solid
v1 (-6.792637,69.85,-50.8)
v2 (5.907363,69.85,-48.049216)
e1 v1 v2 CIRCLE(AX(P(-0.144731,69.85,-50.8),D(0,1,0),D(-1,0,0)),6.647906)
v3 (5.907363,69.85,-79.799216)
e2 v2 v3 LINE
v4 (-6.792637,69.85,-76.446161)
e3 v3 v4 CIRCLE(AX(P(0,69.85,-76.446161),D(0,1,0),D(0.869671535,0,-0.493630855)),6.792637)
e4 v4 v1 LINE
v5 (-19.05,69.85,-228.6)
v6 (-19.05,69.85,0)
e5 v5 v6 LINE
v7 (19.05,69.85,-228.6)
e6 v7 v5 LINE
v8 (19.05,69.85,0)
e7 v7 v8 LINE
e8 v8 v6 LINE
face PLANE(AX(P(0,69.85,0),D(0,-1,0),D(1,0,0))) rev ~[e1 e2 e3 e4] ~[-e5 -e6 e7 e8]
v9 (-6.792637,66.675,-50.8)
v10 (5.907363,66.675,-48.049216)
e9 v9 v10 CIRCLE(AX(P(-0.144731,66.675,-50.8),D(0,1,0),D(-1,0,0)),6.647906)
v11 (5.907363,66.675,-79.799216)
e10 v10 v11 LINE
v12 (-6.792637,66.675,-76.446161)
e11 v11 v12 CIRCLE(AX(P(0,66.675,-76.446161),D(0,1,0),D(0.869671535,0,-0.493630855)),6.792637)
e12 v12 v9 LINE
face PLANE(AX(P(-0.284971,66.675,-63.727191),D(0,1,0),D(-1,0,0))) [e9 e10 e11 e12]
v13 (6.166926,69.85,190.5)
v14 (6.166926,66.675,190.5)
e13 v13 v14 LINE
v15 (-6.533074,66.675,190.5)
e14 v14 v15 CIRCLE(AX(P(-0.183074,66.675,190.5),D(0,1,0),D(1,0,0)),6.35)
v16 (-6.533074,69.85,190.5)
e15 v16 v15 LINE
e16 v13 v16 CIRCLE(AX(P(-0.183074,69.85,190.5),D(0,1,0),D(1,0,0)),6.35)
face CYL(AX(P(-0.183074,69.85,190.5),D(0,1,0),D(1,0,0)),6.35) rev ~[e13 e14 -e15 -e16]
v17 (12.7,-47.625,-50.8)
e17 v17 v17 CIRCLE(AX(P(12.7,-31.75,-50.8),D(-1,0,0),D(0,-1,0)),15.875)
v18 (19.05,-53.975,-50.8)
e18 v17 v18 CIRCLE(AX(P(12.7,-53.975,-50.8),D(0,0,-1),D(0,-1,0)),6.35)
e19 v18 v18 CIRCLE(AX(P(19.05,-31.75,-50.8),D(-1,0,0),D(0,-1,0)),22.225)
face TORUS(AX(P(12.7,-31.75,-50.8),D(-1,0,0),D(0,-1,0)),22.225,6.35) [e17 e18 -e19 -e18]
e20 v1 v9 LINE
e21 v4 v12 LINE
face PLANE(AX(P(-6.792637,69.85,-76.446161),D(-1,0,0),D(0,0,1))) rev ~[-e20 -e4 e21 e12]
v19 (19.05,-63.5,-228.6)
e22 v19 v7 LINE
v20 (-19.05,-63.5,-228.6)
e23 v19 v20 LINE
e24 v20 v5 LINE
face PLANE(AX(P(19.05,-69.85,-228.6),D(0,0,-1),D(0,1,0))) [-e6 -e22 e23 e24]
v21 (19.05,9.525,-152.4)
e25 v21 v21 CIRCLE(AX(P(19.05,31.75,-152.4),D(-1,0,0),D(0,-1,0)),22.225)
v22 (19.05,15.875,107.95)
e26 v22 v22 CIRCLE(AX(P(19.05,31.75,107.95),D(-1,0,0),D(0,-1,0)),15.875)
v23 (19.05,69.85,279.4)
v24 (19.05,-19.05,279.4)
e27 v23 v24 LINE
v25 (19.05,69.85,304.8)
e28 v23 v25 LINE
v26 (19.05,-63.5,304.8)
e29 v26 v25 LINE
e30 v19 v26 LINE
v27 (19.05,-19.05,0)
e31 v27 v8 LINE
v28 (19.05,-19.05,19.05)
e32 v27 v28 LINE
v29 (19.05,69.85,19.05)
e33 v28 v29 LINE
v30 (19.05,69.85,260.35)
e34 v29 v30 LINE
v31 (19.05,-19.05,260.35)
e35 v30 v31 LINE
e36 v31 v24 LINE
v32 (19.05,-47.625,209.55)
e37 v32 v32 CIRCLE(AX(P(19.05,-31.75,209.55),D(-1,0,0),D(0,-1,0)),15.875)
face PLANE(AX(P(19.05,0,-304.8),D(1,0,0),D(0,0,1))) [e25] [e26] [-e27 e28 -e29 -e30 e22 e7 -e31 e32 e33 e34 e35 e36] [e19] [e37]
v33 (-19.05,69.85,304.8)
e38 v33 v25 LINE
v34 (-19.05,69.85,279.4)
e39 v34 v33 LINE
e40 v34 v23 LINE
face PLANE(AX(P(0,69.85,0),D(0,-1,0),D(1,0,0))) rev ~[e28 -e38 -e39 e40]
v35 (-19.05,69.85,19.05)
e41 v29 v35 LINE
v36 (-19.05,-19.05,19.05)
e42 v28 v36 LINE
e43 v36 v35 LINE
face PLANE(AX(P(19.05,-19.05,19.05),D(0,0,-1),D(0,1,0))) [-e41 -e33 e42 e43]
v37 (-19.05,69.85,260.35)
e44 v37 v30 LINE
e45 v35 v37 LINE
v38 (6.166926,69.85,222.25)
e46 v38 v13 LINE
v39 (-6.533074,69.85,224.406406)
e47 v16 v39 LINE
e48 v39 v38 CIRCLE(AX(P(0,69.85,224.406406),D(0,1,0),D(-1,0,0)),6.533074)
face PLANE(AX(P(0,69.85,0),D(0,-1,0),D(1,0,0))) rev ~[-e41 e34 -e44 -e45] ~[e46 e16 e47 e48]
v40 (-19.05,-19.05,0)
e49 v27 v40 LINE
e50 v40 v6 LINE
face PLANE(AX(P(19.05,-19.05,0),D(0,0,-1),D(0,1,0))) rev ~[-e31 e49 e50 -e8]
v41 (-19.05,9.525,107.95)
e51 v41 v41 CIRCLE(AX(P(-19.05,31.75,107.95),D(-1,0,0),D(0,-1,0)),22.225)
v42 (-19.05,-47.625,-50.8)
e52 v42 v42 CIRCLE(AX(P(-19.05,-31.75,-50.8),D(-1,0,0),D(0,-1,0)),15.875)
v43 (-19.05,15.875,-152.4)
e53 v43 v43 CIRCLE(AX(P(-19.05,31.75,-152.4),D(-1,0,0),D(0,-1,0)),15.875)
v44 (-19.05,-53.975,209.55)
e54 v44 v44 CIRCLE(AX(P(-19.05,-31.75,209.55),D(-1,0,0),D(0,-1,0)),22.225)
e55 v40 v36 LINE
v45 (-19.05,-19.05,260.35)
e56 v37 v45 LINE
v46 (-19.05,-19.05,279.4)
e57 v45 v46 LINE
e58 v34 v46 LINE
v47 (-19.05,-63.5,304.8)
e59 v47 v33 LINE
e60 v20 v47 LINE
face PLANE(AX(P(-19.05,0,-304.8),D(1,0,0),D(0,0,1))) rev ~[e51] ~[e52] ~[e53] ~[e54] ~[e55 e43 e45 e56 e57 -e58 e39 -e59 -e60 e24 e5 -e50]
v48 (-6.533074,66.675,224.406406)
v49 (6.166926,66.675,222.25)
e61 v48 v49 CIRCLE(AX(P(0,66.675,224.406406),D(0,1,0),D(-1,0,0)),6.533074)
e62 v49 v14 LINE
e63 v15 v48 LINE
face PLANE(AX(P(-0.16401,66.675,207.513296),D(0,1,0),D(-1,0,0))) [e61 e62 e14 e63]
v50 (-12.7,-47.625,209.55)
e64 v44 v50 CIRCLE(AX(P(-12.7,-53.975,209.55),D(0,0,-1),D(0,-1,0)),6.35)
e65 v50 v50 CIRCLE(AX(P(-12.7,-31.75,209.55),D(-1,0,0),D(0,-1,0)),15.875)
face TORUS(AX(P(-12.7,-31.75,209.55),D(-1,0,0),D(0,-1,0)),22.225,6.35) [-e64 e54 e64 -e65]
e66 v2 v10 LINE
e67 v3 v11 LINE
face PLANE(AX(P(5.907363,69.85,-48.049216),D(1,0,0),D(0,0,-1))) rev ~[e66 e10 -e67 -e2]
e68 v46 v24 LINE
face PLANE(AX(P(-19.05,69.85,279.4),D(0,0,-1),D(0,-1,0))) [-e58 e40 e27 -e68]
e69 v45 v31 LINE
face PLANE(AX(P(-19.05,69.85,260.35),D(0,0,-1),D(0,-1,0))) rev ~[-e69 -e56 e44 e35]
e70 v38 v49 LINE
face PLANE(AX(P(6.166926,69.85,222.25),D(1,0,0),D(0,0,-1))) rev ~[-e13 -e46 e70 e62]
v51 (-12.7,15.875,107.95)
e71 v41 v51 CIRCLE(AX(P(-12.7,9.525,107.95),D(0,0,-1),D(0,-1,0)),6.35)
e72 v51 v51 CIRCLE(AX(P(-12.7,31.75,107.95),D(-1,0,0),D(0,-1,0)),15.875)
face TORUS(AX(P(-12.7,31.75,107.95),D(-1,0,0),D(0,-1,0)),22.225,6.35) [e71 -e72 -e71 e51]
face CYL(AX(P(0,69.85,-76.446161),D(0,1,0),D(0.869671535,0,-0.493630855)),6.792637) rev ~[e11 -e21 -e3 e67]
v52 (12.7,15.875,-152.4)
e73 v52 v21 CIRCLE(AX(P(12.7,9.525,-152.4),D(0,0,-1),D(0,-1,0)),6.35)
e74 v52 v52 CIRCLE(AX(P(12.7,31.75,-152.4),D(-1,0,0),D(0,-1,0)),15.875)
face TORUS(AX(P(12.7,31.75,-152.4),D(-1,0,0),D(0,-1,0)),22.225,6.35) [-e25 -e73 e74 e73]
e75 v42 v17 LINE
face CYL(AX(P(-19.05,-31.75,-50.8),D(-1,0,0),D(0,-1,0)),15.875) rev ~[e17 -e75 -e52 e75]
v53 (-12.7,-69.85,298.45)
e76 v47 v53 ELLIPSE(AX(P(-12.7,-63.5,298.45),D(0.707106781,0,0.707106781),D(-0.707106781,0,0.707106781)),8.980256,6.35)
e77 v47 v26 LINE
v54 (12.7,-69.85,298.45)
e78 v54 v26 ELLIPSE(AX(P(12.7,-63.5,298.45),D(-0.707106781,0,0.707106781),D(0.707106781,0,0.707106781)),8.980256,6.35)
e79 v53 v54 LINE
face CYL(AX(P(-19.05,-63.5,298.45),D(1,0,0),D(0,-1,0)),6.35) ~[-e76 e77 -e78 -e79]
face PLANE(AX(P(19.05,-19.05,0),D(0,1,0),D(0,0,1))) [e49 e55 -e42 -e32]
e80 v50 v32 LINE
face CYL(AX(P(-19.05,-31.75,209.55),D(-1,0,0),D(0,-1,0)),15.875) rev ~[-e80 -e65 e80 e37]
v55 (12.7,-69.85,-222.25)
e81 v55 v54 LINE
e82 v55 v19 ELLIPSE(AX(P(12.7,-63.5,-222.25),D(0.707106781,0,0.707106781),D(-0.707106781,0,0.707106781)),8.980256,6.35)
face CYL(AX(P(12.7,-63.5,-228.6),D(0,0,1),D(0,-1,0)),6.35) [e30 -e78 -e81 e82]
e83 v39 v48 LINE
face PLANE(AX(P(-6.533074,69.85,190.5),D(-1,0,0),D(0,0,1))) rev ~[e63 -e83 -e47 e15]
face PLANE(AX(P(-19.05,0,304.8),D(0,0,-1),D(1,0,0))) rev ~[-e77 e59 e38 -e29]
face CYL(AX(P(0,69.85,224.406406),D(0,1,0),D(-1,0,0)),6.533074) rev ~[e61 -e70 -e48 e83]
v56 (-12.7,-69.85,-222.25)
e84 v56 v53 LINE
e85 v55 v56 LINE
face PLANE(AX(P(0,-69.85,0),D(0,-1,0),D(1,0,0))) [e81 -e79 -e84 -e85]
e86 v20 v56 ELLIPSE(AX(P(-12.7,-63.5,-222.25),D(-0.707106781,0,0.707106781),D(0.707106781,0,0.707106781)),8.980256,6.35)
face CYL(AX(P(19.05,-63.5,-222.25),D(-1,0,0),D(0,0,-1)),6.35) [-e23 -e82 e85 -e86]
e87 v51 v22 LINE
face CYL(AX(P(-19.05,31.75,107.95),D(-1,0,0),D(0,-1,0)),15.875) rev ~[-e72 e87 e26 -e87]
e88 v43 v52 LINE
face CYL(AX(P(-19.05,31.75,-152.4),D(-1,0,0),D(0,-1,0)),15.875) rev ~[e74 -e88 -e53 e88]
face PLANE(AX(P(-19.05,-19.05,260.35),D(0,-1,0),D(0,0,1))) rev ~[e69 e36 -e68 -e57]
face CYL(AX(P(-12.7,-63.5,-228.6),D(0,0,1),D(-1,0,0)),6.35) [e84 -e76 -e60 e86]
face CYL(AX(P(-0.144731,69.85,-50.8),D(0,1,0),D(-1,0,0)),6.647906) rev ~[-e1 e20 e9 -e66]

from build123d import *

# Parameters (mm, degrees)
F0_W          = 38.1
F0_H          = 609.6
F1_DEPTH      = 69.85
F1_DEPTH_BACK = 69.85
F2_W          = 88.9
F2_H          = 19.05
F3_DEPTH      = 38.1
F5_R          = 15.875
F6_DEPTH      = 50.8
F7_W          = 88.9
F7_H          = 19.05
F7_W_2        = 139.7
F7_H_2        = 76.2
F8_DEPTH      = 38.1
F9_R          = 6.35
F11_DEPTH     = 3.175
F12_R         = 6.35


with BuildPart() as f1:
    # F0 (on Front) → F1 (new body, two sides)
    with BuildSketch(Plane.XZ) as f1_sk:
        Rectangle(F0_W, F0_H)
    extrude(amount=F1_DEPTH)
    extrude(f1_sk.sketch, amount=-F1_DEPTH_BACK)

    # F2 (on face) → F3 (cut)
    with BuildSketch(Plane(origin=(-19.05, 0, 0), x_dir=(0, -1, 0), z_dir=(-1, 0, 0))):
        with Locations((-25.4, 269.875)):
            Rectangle(F2_W, F2_H)
    extrude(amount=-F3_DEPTH, mode=Mode.SUBTRACT)

    # F5 (on face) → F6 (cut)
    with BuildSketch(Plane(origin=(-19.05, 0, 0), x_dir=(0, -1, 0), z_dir=(-1, 0, 0))):
        with Locations((31.75, 209.55)):
            Circle(F5_R)
        with Locations((-31.75, 107.95)):
            Circle(F5_R)
        with Locations((31.75, -50.8)):
            Circle(F5_R)
        with Locations((-31.75, -152.4)):
            Circle(F5_R)
    extrude(amount=-F6_DEPTH, mode=Mode.SUBTRACT)

    # F7 (on face) → F8 (cut, through all)
    with BuildSketch(Plane.YZ.offset(19.05)):
        with Locations((25.4, 9.525)):
            Rectangle(F7_W, F7_H)
        with Locations((0, -266.7)):
            Rectangle(F7_W_2, F7_H_2)
    extrude(amount=-F8_DEPTH, mode=Mode.SUBTRACT)

    # F9
    f9_edges = [f1.edges().sort_by_distance(p)[0] for p in [
        (-19.05, -15.875, 209.55),
        (-19.05, 47.625, 107.95),
        (19.05, -15.875, -50.8),
        (19.05, 47.625, -152.4),
    ]]
    fillet(f9_edges, radius=F9_R)

    # F10 (on face) → F11 (cut)
    with BuildSketch(Plane(origin=(0, 69.85, 0), x_dir=(-1, 0, 0), z_dir=(0, 1, 0))):
        with BuildLine():
            ThreePointArc((6.5330743462, 224.4064063608), (-1.0936353663, 230.8472931087), (-6.1669256538, 222.25))
            Line((-6.1669256538, 222.25), (-6.1669256538, 190.5))
            ThreePointArc((-6.1669256538, 190.5), (0.1830743462, 184.15), (6.5330743462, 190.5))
            Line((6.5330743462, 190.5), (6.5330743462, 224.4064063608))
        make_face()
        with BuildLine():
            ThreePointArc((6.7926369745, -50.8), (1.5520159153, -44.3027542125), (-5.9073630255, -48.0492162406))
            Line((-5.9073630255, -48.0492162406), (-5.9073630255, -79.7992162406))
            ThreePointArc((-5.9073630255, -79.7992162406), (1.733975859, -83.0137515295), (6.7926369745, -76.4461610438))
            Line((6.7926369745, -76.4461610438), (6.7926369745, -50.8))
        make_face()
    extrude(amount=-F11_DEPTH, mode=Mode.SUBTRACT)

    # F12
    f12_edges = [f1.edges().sort_by_distance(p)[0] for p in [
        (19.05, -69.85, 38.1),
        (-19.05, -69.85, 38.1),
        (0, -69.85, 304.8),
        (0, -69.85, -228.6),
    ]]
    fillet(f12_edges, radius=F12_R)


solid = f1.part
